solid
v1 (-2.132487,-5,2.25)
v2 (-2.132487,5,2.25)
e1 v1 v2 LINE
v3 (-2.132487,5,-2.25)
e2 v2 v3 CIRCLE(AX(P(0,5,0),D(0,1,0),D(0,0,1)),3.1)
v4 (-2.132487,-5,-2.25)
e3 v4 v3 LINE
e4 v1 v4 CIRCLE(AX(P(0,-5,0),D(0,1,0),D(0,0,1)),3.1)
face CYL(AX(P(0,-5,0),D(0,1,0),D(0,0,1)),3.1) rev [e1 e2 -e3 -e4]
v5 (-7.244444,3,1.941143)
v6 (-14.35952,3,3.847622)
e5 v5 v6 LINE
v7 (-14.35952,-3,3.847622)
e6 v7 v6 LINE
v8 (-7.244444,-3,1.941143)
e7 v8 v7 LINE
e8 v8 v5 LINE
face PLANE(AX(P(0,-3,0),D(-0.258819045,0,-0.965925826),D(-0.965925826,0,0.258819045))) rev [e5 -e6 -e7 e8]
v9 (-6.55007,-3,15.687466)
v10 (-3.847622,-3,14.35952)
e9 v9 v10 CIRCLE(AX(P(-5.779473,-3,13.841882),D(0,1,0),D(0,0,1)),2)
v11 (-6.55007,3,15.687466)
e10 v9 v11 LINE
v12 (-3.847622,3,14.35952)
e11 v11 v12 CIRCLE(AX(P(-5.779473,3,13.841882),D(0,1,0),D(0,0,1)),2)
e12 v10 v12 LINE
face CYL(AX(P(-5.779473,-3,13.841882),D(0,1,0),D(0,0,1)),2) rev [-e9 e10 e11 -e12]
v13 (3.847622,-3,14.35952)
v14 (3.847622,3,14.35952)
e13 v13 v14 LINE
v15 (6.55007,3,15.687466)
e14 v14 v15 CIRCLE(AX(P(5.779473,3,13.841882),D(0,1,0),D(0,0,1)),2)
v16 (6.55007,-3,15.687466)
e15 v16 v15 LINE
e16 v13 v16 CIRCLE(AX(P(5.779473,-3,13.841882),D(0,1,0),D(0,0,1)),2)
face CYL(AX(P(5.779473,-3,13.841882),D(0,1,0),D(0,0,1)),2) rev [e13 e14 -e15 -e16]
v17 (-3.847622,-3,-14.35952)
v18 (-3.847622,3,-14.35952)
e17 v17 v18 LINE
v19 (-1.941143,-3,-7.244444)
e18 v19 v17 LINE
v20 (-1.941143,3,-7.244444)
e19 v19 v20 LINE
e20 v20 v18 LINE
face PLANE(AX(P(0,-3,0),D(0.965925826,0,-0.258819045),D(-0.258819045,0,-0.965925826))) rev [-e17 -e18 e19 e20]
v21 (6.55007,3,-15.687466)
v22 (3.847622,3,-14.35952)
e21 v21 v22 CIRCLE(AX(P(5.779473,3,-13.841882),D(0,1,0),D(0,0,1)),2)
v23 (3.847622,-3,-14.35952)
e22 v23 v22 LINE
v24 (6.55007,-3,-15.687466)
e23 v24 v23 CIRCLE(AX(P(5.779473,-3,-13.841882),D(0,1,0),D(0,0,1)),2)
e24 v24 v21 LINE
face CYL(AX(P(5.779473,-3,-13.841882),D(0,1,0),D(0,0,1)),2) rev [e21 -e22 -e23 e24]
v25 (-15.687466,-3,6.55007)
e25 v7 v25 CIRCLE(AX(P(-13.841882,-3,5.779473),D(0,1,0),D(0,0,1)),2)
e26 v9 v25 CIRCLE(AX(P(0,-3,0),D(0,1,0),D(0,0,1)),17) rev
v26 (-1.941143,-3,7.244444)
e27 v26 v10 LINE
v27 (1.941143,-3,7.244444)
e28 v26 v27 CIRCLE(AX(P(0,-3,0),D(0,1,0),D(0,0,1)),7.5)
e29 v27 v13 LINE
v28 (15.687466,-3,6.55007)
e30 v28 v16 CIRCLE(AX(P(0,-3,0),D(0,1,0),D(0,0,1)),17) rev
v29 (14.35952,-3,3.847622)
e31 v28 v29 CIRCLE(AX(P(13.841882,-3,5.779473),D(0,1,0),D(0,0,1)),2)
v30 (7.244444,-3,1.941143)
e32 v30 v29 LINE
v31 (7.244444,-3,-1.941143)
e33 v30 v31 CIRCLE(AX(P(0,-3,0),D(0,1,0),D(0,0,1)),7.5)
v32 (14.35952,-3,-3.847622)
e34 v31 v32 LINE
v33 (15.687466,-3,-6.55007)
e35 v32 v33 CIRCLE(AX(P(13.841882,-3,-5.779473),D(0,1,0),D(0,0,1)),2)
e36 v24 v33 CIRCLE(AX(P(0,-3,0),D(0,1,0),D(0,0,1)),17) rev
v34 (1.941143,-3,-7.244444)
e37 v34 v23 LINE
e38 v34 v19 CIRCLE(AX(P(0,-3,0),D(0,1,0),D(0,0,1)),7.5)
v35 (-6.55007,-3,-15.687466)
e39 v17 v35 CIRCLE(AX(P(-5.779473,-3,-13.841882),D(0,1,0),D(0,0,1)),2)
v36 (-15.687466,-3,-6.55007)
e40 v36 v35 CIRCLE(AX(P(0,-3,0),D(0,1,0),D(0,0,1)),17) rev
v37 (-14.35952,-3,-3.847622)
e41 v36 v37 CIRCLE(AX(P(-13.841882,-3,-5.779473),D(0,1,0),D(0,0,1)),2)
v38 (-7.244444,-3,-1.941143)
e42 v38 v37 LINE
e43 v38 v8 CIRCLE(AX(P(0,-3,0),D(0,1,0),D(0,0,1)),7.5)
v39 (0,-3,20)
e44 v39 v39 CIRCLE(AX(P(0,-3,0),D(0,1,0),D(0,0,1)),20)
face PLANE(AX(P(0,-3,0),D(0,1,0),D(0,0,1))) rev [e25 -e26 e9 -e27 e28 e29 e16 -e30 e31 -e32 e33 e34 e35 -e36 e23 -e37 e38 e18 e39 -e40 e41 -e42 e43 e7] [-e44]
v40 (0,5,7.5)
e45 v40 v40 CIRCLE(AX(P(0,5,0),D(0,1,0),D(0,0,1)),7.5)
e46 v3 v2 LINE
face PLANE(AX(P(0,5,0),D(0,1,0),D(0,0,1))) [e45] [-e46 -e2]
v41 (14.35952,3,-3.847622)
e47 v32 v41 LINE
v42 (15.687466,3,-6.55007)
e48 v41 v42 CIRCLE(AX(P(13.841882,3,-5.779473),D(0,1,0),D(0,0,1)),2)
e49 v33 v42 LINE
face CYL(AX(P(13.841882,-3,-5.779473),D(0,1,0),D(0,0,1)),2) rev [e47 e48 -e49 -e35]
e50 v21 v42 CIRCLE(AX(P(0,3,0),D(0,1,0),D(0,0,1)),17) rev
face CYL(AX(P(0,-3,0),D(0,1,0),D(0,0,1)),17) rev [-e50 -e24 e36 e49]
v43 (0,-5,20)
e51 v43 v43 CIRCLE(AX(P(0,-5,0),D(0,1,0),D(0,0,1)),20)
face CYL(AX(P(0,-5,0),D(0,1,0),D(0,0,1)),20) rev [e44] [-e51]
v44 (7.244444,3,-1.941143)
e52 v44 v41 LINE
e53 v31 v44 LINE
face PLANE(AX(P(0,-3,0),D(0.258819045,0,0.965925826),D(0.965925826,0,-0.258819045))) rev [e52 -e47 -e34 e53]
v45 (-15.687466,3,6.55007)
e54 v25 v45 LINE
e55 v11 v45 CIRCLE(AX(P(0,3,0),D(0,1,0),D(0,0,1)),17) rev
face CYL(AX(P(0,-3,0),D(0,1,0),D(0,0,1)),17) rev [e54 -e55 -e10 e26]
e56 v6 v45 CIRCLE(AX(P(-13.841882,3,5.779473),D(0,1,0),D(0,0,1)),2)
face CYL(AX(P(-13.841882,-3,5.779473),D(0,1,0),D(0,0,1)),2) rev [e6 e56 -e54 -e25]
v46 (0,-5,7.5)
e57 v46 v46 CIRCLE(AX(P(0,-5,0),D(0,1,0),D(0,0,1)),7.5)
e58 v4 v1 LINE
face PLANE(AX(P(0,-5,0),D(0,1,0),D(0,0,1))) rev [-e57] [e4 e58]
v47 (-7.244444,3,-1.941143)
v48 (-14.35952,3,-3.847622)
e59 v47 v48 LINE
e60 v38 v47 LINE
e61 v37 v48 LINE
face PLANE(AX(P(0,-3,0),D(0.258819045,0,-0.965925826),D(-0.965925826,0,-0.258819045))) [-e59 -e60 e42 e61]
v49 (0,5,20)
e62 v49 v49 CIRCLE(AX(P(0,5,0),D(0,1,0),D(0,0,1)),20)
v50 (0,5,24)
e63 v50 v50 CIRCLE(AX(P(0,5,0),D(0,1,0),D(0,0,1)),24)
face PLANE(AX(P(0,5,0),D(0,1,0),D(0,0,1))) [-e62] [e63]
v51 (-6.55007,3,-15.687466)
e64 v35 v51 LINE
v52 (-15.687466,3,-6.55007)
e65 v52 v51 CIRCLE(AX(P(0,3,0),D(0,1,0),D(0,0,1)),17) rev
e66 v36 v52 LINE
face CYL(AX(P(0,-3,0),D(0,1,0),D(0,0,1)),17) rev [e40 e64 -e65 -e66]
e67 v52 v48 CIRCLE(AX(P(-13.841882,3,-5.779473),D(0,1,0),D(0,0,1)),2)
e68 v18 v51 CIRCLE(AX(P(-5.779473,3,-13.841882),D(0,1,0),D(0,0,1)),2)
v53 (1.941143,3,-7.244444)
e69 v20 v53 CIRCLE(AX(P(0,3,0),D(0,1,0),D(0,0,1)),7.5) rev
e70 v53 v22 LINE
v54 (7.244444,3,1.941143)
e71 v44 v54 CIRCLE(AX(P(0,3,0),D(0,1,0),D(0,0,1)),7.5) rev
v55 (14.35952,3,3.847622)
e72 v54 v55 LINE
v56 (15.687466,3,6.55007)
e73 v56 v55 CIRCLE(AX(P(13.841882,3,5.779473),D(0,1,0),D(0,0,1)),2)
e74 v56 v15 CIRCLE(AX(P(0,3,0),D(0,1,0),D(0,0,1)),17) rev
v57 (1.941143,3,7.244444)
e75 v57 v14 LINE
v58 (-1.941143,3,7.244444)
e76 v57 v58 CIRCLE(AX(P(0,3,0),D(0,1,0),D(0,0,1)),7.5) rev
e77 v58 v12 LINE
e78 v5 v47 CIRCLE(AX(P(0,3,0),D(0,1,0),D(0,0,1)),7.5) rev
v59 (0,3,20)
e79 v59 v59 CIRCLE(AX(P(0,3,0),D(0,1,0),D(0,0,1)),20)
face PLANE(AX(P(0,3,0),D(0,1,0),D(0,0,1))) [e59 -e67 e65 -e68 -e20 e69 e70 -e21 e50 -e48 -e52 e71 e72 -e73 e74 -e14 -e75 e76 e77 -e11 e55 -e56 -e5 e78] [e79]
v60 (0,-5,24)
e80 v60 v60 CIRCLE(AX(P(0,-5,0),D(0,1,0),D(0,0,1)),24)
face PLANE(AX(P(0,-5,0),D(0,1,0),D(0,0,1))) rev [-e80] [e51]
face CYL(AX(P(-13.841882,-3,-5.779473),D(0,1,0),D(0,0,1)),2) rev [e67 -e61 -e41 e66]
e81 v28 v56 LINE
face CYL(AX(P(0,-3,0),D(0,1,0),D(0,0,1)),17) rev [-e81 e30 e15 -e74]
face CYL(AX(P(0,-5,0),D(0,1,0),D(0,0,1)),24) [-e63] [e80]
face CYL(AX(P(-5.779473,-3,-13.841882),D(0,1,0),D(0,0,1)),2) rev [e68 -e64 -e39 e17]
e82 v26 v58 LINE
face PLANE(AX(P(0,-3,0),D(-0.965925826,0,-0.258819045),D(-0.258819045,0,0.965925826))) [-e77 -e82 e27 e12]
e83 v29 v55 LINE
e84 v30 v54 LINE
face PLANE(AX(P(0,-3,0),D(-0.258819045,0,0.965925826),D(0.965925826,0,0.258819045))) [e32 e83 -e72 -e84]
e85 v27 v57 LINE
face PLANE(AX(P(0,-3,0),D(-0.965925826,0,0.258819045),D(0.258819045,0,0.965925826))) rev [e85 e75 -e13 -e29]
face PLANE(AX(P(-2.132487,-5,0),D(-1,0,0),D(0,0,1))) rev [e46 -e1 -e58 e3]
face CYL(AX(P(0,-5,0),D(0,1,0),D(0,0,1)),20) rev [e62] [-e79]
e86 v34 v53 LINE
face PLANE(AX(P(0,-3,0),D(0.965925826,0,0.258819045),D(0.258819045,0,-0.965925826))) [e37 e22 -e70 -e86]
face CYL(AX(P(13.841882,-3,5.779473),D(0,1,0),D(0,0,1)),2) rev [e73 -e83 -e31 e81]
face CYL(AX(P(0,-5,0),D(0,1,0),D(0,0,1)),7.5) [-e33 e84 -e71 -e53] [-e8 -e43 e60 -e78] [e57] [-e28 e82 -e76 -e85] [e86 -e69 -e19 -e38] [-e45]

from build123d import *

# Parameters (mm, degrees)
EXTRUDE_1_DEPTH        = 5
EXTRUDE_1_DEPTH_BACK   = 5
SKETCH_1_R             = 24
SKETCH_1_R_2           = 20
EXTRUDE_1_2_DEPTH      = 5
EXTRUDE_1_2_DEPTH_BACK = 5
SKETCH_1_R_3           = 7.5
EXTRUDE_2_DEPTH        = 3
EXTRUDE_2_DEPTH_BACK   = 3
SKETCH_1_4_R           = 20
SKETCH_1_4_R_2         = 7.5
CUT_EXTRUDE_2_DEPTH    = 6


with BuildPart() as part:
    # 草图1 → 凸台-拉伸1 (new, two sides: drawn at the far end of the back side and taken through both)
    with BuildSketch(Plane(origin=(0, 0, 0), x_dir=(1, 0, 0), z_dir=(0, 1, 0)).offset(-EXTRUDE_1_DEPTH_BACK)):
        Circle(SKETCH_1_R)
        Circle(SKETCH_1_R_2, mode=Mode.SUBTRACT)
    extrude(amount=EXTRUDE_1_DEPTH + EXTRUDE_1_DEPTH_BACK)



with BuildPart() as body_2:
    # 草图1 → Extrude 1 2 (new, two sides: drawn at the far end of the back side and taken through both)
    with BuildSketch(Plane(origin=(0, 0, 0), x_dir=(1, 0, 0), z_dir=(0, 1, 0)).offset(-EXTRUDE_1_2_DEPTH_BACK)):
        Circle(SKETCH_1_R_3)
        with BuildLine():
            Line((-2.132486811, -2.25), (-2.132486811, 2.25))
            ThreePointArc((-2.132486811, 2.25), (3.1, 0), (-2.132486811, -2.25))
        make_face(mode=Mode.SUBTRACT)
    extrude(amount=EXTRUDE_1_2_DEPTH + EXTRUDE_1_2_DEPTH_BACK)


with BuildPart() as part_1:
    add(part.part)

    add(body_2.part)  # 凸台-拉伸2 merges body 2
    # 草图1<4> → 凸台-拉伸2 (add, two sides: drawn at the far end of the back side and taken through both)
    with BuildSketch(Plane(origin=(0, 0, 0), x_dir=(1, 0, 0), z_dir=(0, 1, 0)).offset(-EXTRUDE_2_DEPTH_BACK)):
        Circle(SKETCH_1_4_R)
        Circle(SKETCH_1_4_R_2, mode=Mode.SUBTRACT)
    extrude(amount=EXTRUDE_2_DEPTH + EXTRUDE_2_DEPTH_BACK)

    # 草图3 → 切除-拉伸2 (cut)
    with BuildSketch(Plane(origin=(0, 3, 0), x_dir=(1, 0, 0), z_dir=(0, 1, 0))):
        with BuildLine():
            Line((3.847621718, 14.359519738), (1.941142838, 7.244443697))
            ThreePointArc((1.941142838, 7.244443697), (5.303300859, 5.303300859), (7.244443697, 1.941142838))
            Line((7.244443697, 1.941142838), (14.359519738, 3.847621718))
            ThreePointArc((14.359519738, 3.847621718), (15.636877848, 4.897436726), (15.687465868, 6.55006982))
            ThreePointArc((15.687465868, 6.55006982), (12.02081528, 12.02081528), (6.55006982, 15.687465868))
            ThreePointArc((6.55006982, 15.687465868), (4.897436726, 15.636877848), (3.847621718, 14.359519738))
        make_face()
        with BuildLine():
            ThreePointArc((7.244443697, -1.941142838), (5.303300859, -5.303300859), (1.941142838, -7.244443697))
            Line((1.941142838, -7.244443697), (3.847621718, -14.359519738))
            ThreePointArc((3.847621718, -14.359519738), (4.897436726, -15.636877848), (6.55006982, -15.687465868))
            ThreePointArc((6.55006982, -15.687465868), (12.02081528, -12.02081528), (15.687465868, -6.55006982))
            ThreePointArc((15.687465868, -6.55006982), (15.636877848, -4.897436726), (14.359519738, -3.847621718))
            Line((14.359519738, -3.847621718), (7.244443697, -1.941142838))
        make_face()
        with BuildLine():
            ThreePointArc((-1.941142838, -7.244443697), (-5.303300859, -5.303300859), (-7.244443697, -1.941142838))
            Line((-7.244443697, -1.941142838), (-14.359519738, -3.847621718))
            ThreePointArc((-14.359519738, -3.847621718), (-15.636877848, -4.897436726), (-15.687465868, -6.55006982))
            ThreePointArc((-15.687465868, -6.55006982), (-12.02081528, -12.02081528), (-6.55006982, -15.687465868))
            ThreePointArc((-6.55006982, -15.687465868), (-4.897436726, -15.636877848), (-3.847621718, -14.359519738))
            Line((-3.847621718, -14.359519738), (-1.941142838, -7.244443697))
        make_face()
        with BuildLine():
            ThreePointArc((-7.244443697, 1.941142838), (-5.303300859, 5.303300859), (-1.941142838, 7.244443697))
            Line((-1.941142838, 7.244443697), (-3.847621718, 14.359519738))
            ThreePointArc((-3.847621718, 14.359519738), (-4.897436726, 15.636877848), (-6.55006982, 15.687465868))
            ThreePointArc((-6.55006982, 15.687465868), (-12.02081528, 12.02081528), (-15.687465868, 6.55006982))
            ThreePointArc((-15.687465868, 6.55006982), (-15.636877848, 4.897436726), (-14.359519738, 3.847621718))
            Line((-14.359519738, 3.847621718), (-7.244443697, 1.941142838))
        make_face()
    extrude(amount=-CUT_EXTRUDE_2_DEPTH, mode=Mode.SUBTRACT)


solid = part_1.part
